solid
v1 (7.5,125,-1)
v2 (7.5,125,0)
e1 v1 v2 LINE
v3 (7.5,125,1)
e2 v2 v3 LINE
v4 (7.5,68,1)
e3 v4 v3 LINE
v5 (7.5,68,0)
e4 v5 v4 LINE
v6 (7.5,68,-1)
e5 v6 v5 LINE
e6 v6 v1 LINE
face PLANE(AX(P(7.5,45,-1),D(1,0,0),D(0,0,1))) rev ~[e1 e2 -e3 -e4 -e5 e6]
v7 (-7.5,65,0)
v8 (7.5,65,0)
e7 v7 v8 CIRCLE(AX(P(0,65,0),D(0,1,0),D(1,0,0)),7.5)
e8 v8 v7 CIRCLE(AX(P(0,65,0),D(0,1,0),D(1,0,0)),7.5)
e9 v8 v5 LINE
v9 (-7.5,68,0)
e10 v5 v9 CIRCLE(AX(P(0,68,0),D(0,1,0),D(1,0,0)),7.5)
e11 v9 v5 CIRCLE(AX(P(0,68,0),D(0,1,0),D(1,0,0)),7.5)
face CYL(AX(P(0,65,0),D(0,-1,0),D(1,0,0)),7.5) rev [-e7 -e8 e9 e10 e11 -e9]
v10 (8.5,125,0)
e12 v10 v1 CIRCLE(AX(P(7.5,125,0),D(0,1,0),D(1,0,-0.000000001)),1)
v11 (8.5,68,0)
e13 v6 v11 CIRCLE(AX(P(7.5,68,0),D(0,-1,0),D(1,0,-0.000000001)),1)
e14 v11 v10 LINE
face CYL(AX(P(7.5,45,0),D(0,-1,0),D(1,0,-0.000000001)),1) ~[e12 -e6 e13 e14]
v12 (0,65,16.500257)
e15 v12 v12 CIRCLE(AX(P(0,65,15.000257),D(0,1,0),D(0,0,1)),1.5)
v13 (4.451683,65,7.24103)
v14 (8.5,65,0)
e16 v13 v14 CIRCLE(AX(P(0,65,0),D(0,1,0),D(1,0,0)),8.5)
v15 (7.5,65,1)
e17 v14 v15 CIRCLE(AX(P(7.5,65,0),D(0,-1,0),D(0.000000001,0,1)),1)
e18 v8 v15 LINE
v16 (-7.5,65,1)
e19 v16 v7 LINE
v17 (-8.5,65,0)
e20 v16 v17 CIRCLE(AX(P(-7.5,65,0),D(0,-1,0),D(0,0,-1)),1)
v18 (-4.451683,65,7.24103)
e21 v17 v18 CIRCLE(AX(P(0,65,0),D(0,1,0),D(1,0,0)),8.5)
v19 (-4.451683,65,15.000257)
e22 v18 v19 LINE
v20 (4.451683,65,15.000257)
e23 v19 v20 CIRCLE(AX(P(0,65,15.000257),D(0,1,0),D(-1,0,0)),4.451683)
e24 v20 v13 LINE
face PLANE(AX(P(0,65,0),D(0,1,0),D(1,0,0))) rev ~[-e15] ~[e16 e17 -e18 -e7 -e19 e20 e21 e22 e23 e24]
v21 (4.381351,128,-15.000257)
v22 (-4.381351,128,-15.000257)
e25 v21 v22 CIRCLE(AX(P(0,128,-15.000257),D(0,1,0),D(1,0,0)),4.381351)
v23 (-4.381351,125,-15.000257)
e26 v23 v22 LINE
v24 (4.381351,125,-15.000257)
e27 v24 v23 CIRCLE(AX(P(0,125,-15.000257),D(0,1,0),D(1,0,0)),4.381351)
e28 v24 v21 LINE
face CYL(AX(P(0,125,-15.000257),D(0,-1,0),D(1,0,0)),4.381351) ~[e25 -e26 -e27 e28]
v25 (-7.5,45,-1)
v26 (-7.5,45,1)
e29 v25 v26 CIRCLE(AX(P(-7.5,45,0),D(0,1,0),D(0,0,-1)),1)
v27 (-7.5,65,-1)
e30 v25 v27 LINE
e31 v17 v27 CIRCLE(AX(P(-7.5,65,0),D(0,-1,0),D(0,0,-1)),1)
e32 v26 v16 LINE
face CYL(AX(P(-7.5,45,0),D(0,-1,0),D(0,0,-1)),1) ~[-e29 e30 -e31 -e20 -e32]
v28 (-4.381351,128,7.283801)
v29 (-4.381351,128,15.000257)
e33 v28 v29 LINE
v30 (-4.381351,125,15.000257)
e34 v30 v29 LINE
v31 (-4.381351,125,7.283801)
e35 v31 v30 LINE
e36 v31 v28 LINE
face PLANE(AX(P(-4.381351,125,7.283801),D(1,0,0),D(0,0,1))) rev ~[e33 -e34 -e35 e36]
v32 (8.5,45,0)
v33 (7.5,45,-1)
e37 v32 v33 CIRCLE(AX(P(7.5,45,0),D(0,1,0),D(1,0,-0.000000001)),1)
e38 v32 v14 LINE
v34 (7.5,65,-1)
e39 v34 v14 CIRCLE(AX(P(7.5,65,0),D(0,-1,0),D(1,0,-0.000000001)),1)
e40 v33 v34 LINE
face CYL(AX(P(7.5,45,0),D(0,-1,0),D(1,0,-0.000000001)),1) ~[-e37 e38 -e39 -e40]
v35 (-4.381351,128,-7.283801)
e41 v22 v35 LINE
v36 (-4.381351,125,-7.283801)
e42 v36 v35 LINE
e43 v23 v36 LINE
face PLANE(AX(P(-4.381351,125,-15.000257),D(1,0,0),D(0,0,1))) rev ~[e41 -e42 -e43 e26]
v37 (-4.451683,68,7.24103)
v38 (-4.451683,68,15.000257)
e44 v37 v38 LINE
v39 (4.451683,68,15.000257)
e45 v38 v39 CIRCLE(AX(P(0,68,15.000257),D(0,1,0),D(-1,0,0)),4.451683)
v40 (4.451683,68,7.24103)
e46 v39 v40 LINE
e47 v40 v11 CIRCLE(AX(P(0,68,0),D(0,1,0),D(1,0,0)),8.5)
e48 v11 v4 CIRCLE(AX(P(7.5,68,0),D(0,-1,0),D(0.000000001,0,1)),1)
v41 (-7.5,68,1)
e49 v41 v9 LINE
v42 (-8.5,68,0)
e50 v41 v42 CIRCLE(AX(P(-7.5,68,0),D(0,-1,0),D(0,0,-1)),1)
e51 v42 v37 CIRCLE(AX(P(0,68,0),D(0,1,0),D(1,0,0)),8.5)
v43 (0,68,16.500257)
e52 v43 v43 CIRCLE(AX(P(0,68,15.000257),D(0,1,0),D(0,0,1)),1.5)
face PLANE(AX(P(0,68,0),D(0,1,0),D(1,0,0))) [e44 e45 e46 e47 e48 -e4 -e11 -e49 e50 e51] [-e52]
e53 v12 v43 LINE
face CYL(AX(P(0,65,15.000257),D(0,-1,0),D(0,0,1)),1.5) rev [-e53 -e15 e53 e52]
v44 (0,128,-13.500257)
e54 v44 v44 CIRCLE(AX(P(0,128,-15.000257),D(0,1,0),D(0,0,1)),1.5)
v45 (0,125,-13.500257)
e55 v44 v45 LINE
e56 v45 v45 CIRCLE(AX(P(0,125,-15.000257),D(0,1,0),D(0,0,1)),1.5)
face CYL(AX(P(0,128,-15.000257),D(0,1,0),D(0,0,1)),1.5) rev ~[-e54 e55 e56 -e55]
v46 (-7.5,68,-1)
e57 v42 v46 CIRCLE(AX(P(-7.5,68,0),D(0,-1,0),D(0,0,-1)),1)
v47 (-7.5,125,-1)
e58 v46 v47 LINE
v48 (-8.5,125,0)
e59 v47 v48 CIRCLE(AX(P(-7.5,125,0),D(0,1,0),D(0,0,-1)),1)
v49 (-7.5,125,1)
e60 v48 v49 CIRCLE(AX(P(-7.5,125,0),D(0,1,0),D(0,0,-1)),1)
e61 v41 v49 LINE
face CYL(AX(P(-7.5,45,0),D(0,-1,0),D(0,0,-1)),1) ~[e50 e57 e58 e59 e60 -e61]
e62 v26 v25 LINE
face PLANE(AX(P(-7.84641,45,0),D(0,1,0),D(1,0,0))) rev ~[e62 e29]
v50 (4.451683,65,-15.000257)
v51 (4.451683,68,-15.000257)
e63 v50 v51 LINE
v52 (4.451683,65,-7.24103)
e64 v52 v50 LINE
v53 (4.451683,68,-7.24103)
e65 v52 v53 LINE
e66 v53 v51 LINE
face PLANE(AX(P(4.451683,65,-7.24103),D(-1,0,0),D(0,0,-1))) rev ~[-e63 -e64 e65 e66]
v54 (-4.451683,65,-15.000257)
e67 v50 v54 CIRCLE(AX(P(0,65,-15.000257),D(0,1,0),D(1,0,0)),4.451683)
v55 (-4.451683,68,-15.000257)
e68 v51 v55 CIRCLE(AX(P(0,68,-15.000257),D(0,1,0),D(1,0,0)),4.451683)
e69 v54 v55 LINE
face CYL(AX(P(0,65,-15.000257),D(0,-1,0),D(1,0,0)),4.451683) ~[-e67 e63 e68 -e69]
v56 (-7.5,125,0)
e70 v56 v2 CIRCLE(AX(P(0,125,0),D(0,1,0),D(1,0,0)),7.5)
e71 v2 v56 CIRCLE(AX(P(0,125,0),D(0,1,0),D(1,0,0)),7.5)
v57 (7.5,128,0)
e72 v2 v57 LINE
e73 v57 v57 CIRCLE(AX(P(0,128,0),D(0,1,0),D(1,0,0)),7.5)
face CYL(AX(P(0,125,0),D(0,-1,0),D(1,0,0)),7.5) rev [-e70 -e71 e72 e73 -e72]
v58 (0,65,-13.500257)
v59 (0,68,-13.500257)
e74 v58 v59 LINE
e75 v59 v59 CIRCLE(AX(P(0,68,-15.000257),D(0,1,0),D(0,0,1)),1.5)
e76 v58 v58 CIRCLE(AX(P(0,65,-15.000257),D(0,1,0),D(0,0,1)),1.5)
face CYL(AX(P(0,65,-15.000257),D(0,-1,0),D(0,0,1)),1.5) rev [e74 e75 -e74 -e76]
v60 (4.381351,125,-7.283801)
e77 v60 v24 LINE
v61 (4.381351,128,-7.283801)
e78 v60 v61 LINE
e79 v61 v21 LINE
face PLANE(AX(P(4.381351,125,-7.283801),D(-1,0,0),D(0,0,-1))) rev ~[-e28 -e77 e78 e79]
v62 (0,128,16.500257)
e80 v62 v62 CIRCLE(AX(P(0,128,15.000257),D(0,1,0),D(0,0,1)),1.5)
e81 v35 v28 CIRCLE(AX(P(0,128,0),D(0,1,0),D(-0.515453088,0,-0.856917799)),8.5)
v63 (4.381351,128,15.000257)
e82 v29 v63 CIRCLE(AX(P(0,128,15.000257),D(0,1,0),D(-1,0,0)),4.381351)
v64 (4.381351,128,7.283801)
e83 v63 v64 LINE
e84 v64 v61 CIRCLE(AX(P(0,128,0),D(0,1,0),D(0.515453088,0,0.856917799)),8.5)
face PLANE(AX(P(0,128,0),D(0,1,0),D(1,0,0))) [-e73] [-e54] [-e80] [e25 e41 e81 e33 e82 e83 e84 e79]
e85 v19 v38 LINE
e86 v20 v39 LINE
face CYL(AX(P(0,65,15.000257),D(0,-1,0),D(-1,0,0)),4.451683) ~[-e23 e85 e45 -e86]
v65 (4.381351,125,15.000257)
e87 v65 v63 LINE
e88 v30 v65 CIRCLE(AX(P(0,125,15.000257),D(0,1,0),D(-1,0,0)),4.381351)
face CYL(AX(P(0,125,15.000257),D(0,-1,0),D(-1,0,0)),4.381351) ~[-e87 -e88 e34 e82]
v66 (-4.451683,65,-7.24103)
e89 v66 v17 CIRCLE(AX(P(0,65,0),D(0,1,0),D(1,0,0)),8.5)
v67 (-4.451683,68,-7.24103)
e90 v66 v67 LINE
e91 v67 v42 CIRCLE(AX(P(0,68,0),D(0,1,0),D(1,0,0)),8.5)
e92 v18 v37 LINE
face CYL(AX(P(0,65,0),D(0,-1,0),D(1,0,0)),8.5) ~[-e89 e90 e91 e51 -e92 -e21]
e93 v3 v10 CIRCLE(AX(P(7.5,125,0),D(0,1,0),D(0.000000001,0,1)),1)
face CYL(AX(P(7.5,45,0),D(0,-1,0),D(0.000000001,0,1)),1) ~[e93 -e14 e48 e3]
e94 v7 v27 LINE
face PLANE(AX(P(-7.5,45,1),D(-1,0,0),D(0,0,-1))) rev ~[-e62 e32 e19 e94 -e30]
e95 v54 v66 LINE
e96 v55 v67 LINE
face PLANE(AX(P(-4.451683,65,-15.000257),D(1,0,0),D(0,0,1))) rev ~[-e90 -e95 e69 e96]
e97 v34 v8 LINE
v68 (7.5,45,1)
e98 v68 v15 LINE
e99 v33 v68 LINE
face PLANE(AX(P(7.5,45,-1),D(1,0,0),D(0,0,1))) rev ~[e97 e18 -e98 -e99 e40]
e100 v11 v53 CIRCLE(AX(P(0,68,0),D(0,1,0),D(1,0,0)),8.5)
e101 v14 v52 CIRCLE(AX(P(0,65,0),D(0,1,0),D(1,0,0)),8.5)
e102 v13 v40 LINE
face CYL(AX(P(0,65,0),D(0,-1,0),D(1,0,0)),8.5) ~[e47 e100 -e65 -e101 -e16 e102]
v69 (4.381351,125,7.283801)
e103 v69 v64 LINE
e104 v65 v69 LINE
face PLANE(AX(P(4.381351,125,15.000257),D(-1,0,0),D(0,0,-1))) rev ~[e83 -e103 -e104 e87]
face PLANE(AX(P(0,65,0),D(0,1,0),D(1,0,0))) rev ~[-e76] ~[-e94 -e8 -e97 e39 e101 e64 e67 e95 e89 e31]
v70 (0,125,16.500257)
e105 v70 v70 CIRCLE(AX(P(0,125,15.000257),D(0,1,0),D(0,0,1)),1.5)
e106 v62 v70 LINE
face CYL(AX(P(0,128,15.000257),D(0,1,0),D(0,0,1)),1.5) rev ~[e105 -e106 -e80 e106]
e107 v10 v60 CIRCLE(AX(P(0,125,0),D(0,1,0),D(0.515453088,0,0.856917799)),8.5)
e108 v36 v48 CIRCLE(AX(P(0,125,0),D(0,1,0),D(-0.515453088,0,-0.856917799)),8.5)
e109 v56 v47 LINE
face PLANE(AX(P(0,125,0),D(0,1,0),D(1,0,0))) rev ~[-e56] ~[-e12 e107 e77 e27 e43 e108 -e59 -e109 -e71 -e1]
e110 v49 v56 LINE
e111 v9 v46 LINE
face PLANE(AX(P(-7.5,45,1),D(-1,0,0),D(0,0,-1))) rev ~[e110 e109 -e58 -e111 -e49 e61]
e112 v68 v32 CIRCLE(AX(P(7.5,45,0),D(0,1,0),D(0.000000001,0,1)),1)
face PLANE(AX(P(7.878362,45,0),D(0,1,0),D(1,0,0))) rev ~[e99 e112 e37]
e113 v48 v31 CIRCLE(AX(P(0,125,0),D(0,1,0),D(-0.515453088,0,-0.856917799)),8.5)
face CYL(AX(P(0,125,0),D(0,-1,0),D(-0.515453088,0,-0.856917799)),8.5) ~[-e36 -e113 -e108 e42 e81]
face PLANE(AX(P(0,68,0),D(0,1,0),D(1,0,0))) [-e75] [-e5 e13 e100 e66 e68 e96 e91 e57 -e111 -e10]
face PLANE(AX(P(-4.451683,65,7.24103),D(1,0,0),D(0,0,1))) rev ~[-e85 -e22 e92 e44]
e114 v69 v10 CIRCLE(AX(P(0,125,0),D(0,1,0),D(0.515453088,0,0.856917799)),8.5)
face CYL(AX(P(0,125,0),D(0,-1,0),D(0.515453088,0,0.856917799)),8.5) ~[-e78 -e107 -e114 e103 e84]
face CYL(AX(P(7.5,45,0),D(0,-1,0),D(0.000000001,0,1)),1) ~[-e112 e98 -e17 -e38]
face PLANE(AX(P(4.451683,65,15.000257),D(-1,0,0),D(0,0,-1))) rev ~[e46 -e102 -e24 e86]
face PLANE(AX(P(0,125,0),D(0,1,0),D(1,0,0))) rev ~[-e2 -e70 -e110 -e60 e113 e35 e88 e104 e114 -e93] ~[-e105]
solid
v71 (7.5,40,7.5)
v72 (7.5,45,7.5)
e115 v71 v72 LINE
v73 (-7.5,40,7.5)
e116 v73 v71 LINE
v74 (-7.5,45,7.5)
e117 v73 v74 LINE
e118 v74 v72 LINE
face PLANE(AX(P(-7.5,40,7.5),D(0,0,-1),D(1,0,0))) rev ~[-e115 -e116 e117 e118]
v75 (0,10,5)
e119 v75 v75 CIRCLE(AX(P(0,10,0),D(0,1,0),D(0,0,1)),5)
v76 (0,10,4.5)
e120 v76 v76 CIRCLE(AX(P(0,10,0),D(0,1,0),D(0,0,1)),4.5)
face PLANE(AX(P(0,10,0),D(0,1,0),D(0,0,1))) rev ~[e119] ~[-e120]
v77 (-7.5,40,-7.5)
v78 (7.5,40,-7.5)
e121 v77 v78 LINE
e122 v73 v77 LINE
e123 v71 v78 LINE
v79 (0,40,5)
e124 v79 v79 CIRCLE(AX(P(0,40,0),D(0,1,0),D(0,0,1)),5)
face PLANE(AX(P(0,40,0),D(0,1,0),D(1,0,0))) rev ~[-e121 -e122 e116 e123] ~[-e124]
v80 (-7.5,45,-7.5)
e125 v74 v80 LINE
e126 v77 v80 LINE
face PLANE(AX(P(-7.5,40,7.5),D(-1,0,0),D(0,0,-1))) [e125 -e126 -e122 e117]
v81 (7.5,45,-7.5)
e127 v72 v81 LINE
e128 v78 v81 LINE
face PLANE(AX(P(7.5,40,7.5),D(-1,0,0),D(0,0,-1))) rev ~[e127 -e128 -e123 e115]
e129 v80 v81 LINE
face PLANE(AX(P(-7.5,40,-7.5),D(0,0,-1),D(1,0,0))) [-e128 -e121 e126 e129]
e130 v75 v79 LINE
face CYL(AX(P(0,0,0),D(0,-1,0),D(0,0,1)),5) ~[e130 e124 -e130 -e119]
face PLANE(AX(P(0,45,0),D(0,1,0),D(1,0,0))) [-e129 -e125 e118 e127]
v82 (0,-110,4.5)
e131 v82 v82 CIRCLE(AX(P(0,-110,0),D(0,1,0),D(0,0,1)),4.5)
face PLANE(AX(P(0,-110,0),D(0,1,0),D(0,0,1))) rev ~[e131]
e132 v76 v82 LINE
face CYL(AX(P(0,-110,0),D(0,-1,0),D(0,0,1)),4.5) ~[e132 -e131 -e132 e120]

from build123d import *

# Parameters (mm, degrees)
SKETCH1_R             = 5
BOSS_EXTRUDE2_DEPTH   = 40
SKETCH2_R             = 5
SKETCH2_R_2           = 4.5
CUT_EXTRUDE1_DEPTH    = 10
SKETCH3_W             = 15
SKETCH3_H             = 15
BOSS_EXTRUDE3_DEPTH   = 5
BOSS_EXTRUDE4_DEPTH   = 80
BOSS_EXTRUDE4_2_DEPTH = 80
SKETCH5_R             = 8.5
SKETCH5_R_2           = 7.5
BOSS_EXTRUDE5_DEPTH   = 3
SKETCH6_R             = 1.5
BOSS_EXTRUDE6_DEPTH   = 3
BOSS_EXTRUDE7_START   = -110
SKETCH7_R             = 4.5
BOSS_EXTRUDE7_DEPTH   = 110
SKETCH8_R             = 7.5
BOSS_EXTRUDE8_DEPTH   = 3
SKETCH10_R            = 1.5
CUT_EXTRUDE2_DEPTH    = 3


with BuildPart() as part:
    # Sketch1 → Boss-Extrude2 (new body)
    with BuildSketch(Plane(origin=(0, 0, 0), x_dir=(1, 0, 0), z_dir=(0, 1, 0))):
        with Locations(Location((0, 0, 0), (0, 0, 270))):
            Circle(SKETCH1_R)
    extrude(amount=BOSS_EXTRUDE2_DEPTH)

    # Sketch2 → Cut-Extrude1 (cut)
    with BuildSketch(Plane(origin=(0, 0, 0), x_dir=(1, 0, 0), z_dir=(0, 1, 0))):
        with Locations(Location((0, 0, 0), (0, 0, 270))):
            Circle(SKETCH2_R)
        with Locations(Location((0, 0, 0), (0, 0, 270))):
            Circle(SKETCH2_R_2, mode=Mode.SUBTRACT)
    extrude(amount=CUT_EXTRUDE1_DEPTH, mode=Mode.SUBTRACT)

    # Sketch3 → Boss-Extrude3 (add)
    with BuildSketch(Plane(origin=(0, 40, 0), x_dir=(1, 0, 0), z_dir=(0, 1, 0))):
        Rectangle(SKETCH3_W, SKETCH3_H)
    extrude(amount=BOSS_EXTRUDE3_DEPTH)

    # Sketch7 → Boss-Extrude7 (add)
    with BuildSketch(Plane(origin=(0, 0, 0), x_dir=(1, 0, 0), z_dir=(0, 1, 0)).offset(BOSS_EXTRUDE7_START)):
        with Locations(Location((0, 0, 0), (0, 0, 270))):
            Circle(SKETCH7_R)
    extrude(amount=BOSS_EXTRUDE7_DEPTH)


with BuildPart() as body_2:
    # Sketch4 → Boss-Extrude4 (new body)
    with BuildSketch(Plane(origin=(0, 45, 0), x_dir=(1, 0, 0), z_dir=(0, 1, 0))):
        with BuildLine():
            Line((-7.5, -1), (-7.5, 1))
            ThreePointArc((-7.5, 1), (-8.5, 0), (-7.5, -1))
        make_face()
    extrude(amount=BOSS_EXTRUDE4_DEPTH)



with BuildPart() as body_3:
    # Sketch4 → Boss-Extrude4 2 (new body)
    with BuildSketch(Plane(origin=(0, 45, 0), x_dir=(1, 0, 0), z_dir=(0, 1, 0))):
        with BuildLine():
            ThreePointArc((8.5, 0), (8.207106781, 0.707106781), (7.5, 1))
            Line((7.5, 1), (7.5, -1))
            ThreePointArc((7.5, -1), (8.207106781, -0.707106781), (8.5, 0))
        make_face()
    extrude(amount=BOSS_EXTRUDE4_2_DEPTH)


with BuildPart() as body_2_1:
    add(body_2.part)

    add(body_3.part)  # Boss-Extrude5 merges body 3
    # Sketch5 → Boss-Extrude5 (add)
    with BuildSketch(Plane(origin=(0, 65, 0), x_dir=(1, 0, 0), z_dir=(0, 1, 0))):
        Circle(SKETCH5_R)
        Circle(SKETCH5_R_2, mode=Mode.SUBTRACT)
    extrude(amount=BOSS_EXTRUDE5_DEPTH)

    # Sketch6 → Boss-Extrude6 (add)
    # profile 1 of 2: a face of its own
    with BuildSketch(Plane(origin=(0, 65, 0), x_dir=(1, 0, 0), z_dir=(0, 1, 0))):
        with BuildLine():
            Line((-4.451682778, -7.241030344), (-4.451682778, -15.000257079))
            ThreePointArc((-4.451682778, -15.000257079), (0, -19.451939857), (4.451682778, -15.000257079))
            Line((4.451682778, -15.000257079), (4.451682778, -7.241030344))
            ThreePointArc((4.451682778, -7.241030344), (0, -8.5), (-4.451682778, -7.241030344))
        make_face()
        with Locations(Location((0, -15.000257079, 0), (0, 0, 270))):
            Circle(SKETCH6_R, mode=Mode.SUBTRACT)
    # profile 2 of 2: a face of its own
    with BuildSketch(Plane(origin=(0, 65, 0), x_dir=(1, 0, 0), z_dir=(0, 1, 0))):
        with BuildLine():
            Line((-4.451682778, 15.000257079), (-4.451682778, 7.241030344))
            ThreePointArc((-4.451682778, 7.241030344), (0, 8.5), (4.451682778, 7.241030344))
            Line((4.451682778, 7.241030344), (4.451682778, 15.000257079))
            ThreePointArc((4.451682778, 15.000257079), (0, 19.451939857), (-4.451682778, 15.000257079))
        make_face()
        with Locations(Location((0, 15.000257079, 0), (0, 0, 270))):
            Circle(SKETCH6_R, mode=Mode.SUBTRACT)
    extrude(amount=BOSS_EXTRUDE6_DEPTH)

    # Sketch8 → Boss-Extrude8 (add)
    with BuildSketch(Plane(origin=(0, 125, 0), x_dir=(1, 0, 0), z_dir=(0, 1, 0))):
        with BuildLine():
            ThreePointArc((4.381351245, -7.283801293), (8.5, 0), (4.381351245, 7.283801293))
            Line((4.381351245, 7.283801293), (4.381351245, 15.000257079))
            ThreePointArc((4.381351245, 15.000257079), (0, 19.381608324), (-4.381351245, 15.000257079))
            Line((-4.381351245, 15.000257079), (-4.381351245, 7.283801293))
            ThreePointArc((-4.381351245, 7.283801293), (-8.5, 0), (-4.381351245, -7.283801293))
            Line((-4.381351245, -7.283801293), (-4.381351245, -15.000257079))
            ThreePointArc((-4.381351245, -15.000257079), (0, -19.381608324), (4.381351245, -15.000257079))
            Line((4.381351245, -15.000257079), (4.381351245, -7.283801293))
        make_face()
        Circle(SKETCH8_R, mode=Mode.SUBTRACT)
    extrude(amount=BOSS_EXTRUDE8_DEPTH)

    # Sketch10 → Cut-Extrude2 (cut)
    with BuildSketch(Plane(origin=(0, 128, 0), x_dir=(1, 0, 0), z_dir=(0, 1, 0))):
        with Locations(Location((0, -15.000257079, 0), (0, 0, 270))):
            Circle(SKETCH10_R)
        with Locations(Location((0, 15.000257079, 0), (0, 0, 270))):
            Circle(SKETCH10_R)
    extrude(amount=-CUT_EXTRUDE2_DEPTH, mode=Mode.SUBTRACT)


solid = Compound([part.part, body_2_1.part])
